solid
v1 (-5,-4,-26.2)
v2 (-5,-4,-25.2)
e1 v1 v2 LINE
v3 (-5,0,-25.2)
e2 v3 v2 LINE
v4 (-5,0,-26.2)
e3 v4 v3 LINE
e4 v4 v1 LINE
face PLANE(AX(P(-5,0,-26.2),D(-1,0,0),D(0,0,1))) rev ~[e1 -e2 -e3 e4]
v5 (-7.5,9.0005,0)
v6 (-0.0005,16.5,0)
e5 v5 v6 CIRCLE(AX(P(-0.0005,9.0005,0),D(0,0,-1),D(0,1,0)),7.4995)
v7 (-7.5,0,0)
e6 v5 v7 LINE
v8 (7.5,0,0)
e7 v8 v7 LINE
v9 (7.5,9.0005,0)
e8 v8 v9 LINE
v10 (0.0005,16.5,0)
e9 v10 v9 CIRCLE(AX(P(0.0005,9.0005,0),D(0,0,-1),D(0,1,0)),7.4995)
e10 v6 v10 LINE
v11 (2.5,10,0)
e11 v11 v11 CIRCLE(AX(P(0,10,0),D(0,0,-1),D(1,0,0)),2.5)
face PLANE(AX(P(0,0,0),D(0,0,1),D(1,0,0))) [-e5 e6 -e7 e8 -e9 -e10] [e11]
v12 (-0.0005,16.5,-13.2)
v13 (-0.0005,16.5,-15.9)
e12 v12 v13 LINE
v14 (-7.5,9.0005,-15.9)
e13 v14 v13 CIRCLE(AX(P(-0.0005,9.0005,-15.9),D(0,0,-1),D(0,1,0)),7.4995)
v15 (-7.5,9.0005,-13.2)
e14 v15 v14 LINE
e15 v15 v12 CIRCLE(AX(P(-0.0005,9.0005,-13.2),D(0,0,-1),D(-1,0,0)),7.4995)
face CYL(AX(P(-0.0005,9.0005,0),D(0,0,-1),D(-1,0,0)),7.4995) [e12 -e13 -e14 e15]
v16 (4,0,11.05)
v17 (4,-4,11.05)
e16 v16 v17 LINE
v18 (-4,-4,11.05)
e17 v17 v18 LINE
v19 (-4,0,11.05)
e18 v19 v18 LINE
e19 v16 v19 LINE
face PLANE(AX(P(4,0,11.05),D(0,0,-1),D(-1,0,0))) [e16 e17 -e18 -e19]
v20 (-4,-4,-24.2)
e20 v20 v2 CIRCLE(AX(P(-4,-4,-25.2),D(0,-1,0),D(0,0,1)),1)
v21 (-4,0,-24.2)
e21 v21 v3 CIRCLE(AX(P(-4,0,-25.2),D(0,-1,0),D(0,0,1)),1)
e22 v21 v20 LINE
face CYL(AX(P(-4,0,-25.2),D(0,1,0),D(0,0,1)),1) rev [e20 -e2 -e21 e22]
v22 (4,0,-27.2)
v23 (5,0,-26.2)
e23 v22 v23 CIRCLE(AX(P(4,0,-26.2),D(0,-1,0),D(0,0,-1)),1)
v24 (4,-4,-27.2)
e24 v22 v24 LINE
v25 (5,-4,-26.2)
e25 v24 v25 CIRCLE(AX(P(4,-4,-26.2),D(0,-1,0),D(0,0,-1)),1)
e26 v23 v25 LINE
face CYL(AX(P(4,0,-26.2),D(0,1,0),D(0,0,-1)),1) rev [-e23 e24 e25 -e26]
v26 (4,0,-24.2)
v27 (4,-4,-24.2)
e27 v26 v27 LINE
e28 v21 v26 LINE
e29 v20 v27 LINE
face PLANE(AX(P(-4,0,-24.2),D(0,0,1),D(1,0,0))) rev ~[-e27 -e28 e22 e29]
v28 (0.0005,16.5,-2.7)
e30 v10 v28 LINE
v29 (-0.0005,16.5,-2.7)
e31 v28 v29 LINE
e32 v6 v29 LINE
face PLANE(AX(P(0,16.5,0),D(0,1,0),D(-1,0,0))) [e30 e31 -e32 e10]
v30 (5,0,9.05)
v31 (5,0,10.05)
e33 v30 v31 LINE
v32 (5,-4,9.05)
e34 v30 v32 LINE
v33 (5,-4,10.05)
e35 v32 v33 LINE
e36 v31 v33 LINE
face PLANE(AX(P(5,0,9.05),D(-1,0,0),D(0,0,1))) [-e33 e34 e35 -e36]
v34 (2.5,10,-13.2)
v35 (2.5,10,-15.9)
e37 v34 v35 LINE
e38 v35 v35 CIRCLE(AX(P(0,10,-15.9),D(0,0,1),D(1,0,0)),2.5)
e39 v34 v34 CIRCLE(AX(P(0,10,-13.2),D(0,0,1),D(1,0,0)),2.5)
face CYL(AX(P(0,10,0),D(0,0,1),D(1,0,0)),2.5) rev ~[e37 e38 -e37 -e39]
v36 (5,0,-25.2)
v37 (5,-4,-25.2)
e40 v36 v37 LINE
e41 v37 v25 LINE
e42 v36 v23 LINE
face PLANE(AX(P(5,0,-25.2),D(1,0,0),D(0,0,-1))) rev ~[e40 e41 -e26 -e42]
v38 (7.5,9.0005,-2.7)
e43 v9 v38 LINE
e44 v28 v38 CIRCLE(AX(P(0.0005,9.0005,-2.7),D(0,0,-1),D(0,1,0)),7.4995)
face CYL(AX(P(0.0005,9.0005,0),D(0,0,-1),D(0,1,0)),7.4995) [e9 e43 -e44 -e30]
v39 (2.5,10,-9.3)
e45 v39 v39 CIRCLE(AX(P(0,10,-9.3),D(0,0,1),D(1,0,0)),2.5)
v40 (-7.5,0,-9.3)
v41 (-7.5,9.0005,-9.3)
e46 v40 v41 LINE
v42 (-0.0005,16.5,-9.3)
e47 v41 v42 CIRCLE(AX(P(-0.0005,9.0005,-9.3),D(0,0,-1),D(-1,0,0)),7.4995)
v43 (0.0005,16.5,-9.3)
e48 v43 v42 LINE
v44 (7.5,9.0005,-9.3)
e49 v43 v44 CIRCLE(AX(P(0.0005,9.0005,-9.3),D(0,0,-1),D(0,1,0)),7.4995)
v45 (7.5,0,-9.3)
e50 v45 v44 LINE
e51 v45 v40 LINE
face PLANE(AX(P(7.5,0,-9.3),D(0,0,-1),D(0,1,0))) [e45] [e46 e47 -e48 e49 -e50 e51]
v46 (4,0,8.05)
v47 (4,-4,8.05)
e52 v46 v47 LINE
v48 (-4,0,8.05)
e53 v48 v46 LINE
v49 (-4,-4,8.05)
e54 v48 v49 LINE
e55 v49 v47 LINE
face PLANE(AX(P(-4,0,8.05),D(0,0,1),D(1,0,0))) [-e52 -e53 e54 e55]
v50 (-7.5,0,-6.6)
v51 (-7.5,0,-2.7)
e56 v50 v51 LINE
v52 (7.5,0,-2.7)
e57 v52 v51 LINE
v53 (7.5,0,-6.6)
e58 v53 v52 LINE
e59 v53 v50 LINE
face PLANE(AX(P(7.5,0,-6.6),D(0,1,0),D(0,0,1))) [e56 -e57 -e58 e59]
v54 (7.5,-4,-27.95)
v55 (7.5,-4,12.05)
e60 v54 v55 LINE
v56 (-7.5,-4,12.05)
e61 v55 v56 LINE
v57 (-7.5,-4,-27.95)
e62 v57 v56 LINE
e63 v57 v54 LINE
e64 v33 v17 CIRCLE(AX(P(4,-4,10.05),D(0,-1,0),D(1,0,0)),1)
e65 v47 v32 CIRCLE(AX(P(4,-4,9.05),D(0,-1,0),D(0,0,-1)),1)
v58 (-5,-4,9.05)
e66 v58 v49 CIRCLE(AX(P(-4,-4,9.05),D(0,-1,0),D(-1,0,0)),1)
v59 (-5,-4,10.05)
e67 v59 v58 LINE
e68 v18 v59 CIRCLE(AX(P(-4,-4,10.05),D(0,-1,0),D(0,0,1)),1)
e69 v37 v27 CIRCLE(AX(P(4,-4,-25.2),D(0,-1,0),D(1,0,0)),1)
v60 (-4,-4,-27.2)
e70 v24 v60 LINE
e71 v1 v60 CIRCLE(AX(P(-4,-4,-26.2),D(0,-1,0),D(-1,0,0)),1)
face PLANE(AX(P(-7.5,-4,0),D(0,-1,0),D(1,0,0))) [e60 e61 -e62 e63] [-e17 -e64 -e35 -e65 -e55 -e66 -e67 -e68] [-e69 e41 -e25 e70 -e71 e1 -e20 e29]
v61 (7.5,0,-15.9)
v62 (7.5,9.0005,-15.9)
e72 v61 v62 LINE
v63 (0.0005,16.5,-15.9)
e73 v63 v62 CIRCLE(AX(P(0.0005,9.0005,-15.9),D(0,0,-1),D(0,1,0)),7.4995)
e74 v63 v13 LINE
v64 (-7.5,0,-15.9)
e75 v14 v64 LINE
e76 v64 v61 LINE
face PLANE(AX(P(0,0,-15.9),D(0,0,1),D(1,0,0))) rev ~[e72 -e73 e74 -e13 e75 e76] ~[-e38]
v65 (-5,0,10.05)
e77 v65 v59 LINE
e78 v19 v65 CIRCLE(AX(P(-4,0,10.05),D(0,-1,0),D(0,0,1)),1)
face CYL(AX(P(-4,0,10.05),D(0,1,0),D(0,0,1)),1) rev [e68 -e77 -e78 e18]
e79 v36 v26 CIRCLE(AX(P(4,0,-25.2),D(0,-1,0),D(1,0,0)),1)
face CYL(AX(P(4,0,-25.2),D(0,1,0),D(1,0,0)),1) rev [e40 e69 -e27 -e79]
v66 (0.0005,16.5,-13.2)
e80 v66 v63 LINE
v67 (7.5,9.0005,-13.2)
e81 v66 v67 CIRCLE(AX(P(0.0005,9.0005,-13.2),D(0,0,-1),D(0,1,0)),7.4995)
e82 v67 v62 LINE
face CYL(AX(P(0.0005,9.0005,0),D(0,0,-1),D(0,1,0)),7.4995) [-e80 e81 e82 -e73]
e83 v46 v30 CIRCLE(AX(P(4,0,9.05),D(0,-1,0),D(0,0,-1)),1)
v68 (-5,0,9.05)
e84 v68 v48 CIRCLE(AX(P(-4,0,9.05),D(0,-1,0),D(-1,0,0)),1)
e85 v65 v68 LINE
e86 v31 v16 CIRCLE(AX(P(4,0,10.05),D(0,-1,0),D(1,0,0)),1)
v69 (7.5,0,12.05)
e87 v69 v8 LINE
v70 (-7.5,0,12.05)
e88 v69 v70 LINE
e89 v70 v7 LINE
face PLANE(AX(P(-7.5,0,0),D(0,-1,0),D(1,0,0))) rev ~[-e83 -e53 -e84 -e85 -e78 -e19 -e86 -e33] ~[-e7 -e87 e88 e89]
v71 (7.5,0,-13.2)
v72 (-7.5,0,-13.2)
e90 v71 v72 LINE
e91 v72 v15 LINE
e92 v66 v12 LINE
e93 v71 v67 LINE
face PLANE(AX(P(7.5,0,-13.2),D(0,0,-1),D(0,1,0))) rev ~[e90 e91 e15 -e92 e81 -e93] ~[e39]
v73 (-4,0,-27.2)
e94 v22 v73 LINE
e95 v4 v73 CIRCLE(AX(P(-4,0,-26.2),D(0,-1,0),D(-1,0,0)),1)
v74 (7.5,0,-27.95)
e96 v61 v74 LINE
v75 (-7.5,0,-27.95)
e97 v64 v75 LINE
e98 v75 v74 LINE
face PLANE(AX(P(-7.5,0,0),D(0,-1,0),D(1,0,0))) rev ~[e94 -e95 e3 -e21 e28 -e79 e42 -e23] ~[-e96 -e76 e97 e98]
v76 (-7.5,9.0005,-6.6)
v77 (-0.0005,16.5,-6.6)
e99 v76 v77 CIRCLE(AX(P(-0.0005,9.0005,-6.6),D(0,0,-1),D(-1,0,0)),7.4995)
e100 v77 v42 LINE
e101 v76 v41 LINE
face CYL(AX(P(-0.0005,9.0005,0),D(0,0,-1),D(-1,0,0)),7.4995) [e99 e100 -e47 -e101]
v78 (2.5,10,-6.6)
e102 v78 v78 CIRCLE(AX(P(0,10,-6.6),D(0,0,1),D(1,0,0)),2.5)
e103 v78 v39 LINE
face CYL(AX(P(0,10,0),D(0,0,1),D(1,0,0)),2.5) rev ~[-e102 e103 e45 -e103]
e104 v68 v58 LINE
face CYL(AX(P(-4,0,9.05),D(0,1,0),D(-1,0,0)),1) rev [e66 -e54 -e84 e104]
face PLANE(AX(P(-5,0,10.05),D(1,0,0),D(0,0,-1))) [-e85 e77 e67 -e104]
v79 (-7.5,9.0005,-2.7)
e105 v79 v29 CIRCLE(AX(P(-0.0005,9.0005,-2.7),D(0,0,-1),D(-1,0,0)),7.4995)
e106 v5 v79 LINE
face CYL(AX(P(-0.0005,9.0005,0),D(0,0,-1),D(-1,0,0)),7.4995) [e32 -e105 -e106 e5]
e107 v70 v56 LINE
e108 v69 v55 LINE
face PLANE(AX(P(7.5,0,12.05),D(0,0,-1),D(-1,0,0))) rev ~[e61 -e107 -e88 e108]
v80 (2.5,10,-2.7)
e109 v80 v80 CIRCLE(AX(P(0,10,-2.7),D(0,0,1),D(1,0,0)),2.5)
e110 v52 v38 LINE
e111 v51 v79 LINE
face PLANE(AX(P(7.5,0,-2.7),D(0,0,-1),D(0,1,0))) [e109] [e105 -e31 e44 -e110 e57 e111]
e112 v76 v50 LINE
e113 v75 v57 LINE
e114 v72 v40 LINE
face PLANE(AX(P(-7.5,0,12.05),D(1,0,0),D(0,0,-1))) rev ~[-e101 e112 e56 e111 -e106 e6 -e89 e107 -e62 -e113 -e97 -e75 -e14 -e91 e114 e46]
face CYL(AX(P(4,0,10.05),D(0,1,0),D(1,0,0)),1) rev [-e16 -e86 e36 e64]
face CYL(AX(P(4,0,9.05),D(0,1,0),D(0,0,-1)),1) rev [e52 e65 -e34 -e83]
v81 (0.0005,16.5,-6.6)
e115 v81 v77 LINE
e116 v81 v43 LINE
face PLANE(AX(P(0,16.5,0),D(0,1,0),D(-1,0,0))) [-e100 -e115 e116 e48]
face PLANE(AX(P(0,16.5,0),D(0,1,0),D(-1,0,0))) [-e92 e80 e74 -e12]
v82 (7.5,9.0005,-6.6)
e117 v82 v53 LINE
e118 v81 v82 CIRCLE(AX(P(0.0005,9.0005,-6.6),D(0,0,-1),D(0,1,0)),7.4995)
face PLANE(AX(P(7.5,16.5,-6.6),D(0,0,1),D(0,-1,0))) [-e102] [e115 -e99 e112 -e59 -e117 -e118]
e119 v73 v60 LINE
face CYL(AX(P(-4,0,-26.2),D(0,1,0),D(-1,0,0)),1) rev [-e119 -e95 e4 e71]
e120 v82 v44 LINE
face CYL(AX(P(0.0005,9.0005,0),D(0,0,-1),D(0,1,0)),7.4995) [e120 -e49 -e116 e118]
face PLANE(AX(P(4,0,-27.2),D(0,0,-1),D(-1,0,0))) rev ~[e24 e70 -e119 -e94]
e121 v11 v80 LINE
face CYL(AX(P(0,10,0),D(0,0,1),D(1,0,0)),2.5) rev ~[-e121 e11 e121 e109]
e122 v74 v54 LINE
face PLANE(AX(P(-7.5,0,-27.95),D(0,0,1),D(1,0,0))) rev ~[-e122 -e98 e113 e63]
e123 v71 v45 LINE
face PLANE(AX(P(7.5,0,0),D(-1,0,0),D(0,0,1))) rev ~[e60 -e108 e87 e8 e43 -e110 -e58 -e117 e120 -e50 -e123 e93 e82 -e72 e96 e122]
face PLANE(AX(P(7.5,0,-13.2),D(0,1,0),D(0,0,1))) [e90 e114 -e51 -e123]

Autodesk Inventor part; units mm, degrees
ref_plane "YZ Plane" through (0, 0, 0) normal (1, 0, 0) x (0, 1, 0)
ref_plane "XZ Plane" through (0, 0, 0) normal (0, 1, 0) x (-1, 0, 0)
ref_plane "XY Plane" through (0, 0, 0) normal (0, 0, 1) x (1, 0, 0)
sketch "Sketch4" plane through (0, 0, 0) normal (0, 0, 1) x (1, 0, 0)
  line L0 (-10.5, 0) -> (10.5, 0) projected
  line L1 (0, -3.3) -> (0, 19.8) projected
  line L2 (-7.5, 0) -> (7.5, 0)
  line L3 (7.5, 0) -> (7.5, 16.5)
  line L4 (7.5, 16.5) -> (-7.5, 16.5)
  line L5 (-7.5, 16.5) -> (-7.5, 0)
  circle A0 centre (0, 10) radius 2.5
  point P0 (0, 0)
  dimension "d0" = 7.5
  dimension "d1" = 7.5
  dimension "d2" = 16.5
  dimension "d3" = 5
  dimension "d4" = 6.5
extrude "Extrusion1" add sketch "Sketch4" against normal blind 15.9 contours L5 L4 L1 A0 L0 | L1 A0 L4 L3 L0
fillet "Fillet1" radius 7.5 2 edges at (7.5, 16.5, -7.95) (-7.5, 16.5, -7.95)
sketch "Sketch10" plane through (-7.5, 0, 0) normal (0, -1, 0) x (1, 0, 0)
  line L0 (-3, 0) -> (18, 0) projected
  line L1 (7.5, -19.08) -> (7.5, 3.18) projected
  line L2 (15, 12.05) -> (0, 12.05)
  line L3 (0, 12.05) -> (0, -27.95)
  line L4 (0, -27.95) -> (15, -27.95)
  line L5 (15, -27.95) -> (15, 12.05)
  line L6 (11.5, 11.05) -> (3.5, 11.05)
  line L7 (2.5, 10.05) -> (2.5, 9.05)
  line L8 (3.5, 8.05) -> (11.5, 8.05)
  line L9 (12.5, 9.05) -> (12.5, 10.05)
  line L10 (15, 0) -> (15, -15.9) projected
  line L11 (15, -8.075) -> (0, -8.075)
  line L12 (0, -15.9) -> (0, 0) projected
  line L13 (11.5, -27.2) -> (3.5, -27.2)
  line L14 (2.5, -26.2) -> (2.5, -25.2)
  line L15 (3.5, -24.2) -> (11.5, -24.2)
  line L16 (12.5, -25.2) -> (12.5, -26.2)
  arc A0 (11.5, 8.05) -> (12.5, 9.05) centre (11.5, 9.05) ccw
  arc A1 (12.5, 10.05) -> (11.5, 11.05) centre (11.5, 10.05) ccw
  arc A2 (3.5, 11.05) -> (2.5, 10.05) centre (3.5, 10.05) ccw
  arc A3 (2.5, 9.05) -> (3.5, 8.05) centre (3.5, 9.05) ccw
  arc A4 (12.5, -25.2) -> (11.5, -24.2) centre (11.5, -25.2) ccw
  arc A5 (11.5, -27.2) -> (12.5, -26.2) centre (11.5, -26.2) ccw
  arc A6 (3.5, -24.2) -> (2.5, -25.2) centre (3.5, -25.2) ccw
  arc A7 (2.5, -26.2) -> (3.5, -27.2) centre (3.5, -26.2) ccw
  point P0 (7.5, 0)
  point P1 (12.5, 11.05)
  point P2 (2.5, 8.05)
  point P3 (2.5, 11.05)
  point P4 (12.5, 8.05)
  point P5 (15, -6.55)
  point P6 (15, -9.6)
  point P7 (0, -9.6)
  point P8 (0, -6.55)
  point P9 (12.5, -27.2)
  point P10 (2.5, -24.2)
  point P11 (2.5, -27.2)
  point P12 (12.5, -24.2)
  point P13 (15, -2.8)
  dimension "d20" = 15
  dimension "d21" = 40
  dimension "d22" = 12.05
  dimension "d23" = 7.5
  dimension "d24" = 3
  dimension "d25" = 1
  dimension "d26" = 10
  dimension "d27" = 2.5
  dimension "d28" = 8.075
  dimension "d29" = 1
extrude "Extrusion5" add sketch "Sketch10" along normal blind 4
sketch "Sketch13" plane through (7.5, 9, 0) normal (1, 0, 0) x (0, 0, -1)
  line L0 (0, -17.1) -> (0, 11.6) projected
  line L1 (35.95, -9) -> (-20.05, -9) projected
  line L2 (0, -9) -> (0, 0) projected
  line L3 (0, 7.5) -> (15.9, 7.5) projected
  line L4 (0, -9) -> (2.7, -9)
  line L5 (2.7, -9) -> (2.7, 7.5)
  line L6 (2.7, 7.5) -> (0, 7.5)
  line L7 (0, 7.5) -> (0, -9)
  line L8 (15.9, -9) -> (15.9, 0) projected
  line L9 (15.9, -9) -> (13.2, -9)
  line L10 (13.2, -9) -> (13.2, 7.5)
  line L11 (13.2, 7.5) -> (15.9, 7.5)
  line L12 (15.9, 7.5) -> (15.9, -9)
  line L13 (6.6, -9) -> (9.3, -9)
  line L14 (9.3, -9) -> (9.3, 7.5)
  line L15 (9.3, 7.5) -> (6.6, 7.5)
  line L16 (6.6, 7.5) -> (6.6, -9)
  dimension "d47" = 2.7
  dimension "d48" = 2.7
  dimension "d49" = 2.7
  dimension "d50" = 15.9
  dimension "d51" = 3.9
  dimension "d52" = 3.9
extrude "Extrusion8" cut sketch "Sketch13" against normal through all contours L5 L3 L16 L1 | L14 L3 L10 L1
properties part number "droneMount"
